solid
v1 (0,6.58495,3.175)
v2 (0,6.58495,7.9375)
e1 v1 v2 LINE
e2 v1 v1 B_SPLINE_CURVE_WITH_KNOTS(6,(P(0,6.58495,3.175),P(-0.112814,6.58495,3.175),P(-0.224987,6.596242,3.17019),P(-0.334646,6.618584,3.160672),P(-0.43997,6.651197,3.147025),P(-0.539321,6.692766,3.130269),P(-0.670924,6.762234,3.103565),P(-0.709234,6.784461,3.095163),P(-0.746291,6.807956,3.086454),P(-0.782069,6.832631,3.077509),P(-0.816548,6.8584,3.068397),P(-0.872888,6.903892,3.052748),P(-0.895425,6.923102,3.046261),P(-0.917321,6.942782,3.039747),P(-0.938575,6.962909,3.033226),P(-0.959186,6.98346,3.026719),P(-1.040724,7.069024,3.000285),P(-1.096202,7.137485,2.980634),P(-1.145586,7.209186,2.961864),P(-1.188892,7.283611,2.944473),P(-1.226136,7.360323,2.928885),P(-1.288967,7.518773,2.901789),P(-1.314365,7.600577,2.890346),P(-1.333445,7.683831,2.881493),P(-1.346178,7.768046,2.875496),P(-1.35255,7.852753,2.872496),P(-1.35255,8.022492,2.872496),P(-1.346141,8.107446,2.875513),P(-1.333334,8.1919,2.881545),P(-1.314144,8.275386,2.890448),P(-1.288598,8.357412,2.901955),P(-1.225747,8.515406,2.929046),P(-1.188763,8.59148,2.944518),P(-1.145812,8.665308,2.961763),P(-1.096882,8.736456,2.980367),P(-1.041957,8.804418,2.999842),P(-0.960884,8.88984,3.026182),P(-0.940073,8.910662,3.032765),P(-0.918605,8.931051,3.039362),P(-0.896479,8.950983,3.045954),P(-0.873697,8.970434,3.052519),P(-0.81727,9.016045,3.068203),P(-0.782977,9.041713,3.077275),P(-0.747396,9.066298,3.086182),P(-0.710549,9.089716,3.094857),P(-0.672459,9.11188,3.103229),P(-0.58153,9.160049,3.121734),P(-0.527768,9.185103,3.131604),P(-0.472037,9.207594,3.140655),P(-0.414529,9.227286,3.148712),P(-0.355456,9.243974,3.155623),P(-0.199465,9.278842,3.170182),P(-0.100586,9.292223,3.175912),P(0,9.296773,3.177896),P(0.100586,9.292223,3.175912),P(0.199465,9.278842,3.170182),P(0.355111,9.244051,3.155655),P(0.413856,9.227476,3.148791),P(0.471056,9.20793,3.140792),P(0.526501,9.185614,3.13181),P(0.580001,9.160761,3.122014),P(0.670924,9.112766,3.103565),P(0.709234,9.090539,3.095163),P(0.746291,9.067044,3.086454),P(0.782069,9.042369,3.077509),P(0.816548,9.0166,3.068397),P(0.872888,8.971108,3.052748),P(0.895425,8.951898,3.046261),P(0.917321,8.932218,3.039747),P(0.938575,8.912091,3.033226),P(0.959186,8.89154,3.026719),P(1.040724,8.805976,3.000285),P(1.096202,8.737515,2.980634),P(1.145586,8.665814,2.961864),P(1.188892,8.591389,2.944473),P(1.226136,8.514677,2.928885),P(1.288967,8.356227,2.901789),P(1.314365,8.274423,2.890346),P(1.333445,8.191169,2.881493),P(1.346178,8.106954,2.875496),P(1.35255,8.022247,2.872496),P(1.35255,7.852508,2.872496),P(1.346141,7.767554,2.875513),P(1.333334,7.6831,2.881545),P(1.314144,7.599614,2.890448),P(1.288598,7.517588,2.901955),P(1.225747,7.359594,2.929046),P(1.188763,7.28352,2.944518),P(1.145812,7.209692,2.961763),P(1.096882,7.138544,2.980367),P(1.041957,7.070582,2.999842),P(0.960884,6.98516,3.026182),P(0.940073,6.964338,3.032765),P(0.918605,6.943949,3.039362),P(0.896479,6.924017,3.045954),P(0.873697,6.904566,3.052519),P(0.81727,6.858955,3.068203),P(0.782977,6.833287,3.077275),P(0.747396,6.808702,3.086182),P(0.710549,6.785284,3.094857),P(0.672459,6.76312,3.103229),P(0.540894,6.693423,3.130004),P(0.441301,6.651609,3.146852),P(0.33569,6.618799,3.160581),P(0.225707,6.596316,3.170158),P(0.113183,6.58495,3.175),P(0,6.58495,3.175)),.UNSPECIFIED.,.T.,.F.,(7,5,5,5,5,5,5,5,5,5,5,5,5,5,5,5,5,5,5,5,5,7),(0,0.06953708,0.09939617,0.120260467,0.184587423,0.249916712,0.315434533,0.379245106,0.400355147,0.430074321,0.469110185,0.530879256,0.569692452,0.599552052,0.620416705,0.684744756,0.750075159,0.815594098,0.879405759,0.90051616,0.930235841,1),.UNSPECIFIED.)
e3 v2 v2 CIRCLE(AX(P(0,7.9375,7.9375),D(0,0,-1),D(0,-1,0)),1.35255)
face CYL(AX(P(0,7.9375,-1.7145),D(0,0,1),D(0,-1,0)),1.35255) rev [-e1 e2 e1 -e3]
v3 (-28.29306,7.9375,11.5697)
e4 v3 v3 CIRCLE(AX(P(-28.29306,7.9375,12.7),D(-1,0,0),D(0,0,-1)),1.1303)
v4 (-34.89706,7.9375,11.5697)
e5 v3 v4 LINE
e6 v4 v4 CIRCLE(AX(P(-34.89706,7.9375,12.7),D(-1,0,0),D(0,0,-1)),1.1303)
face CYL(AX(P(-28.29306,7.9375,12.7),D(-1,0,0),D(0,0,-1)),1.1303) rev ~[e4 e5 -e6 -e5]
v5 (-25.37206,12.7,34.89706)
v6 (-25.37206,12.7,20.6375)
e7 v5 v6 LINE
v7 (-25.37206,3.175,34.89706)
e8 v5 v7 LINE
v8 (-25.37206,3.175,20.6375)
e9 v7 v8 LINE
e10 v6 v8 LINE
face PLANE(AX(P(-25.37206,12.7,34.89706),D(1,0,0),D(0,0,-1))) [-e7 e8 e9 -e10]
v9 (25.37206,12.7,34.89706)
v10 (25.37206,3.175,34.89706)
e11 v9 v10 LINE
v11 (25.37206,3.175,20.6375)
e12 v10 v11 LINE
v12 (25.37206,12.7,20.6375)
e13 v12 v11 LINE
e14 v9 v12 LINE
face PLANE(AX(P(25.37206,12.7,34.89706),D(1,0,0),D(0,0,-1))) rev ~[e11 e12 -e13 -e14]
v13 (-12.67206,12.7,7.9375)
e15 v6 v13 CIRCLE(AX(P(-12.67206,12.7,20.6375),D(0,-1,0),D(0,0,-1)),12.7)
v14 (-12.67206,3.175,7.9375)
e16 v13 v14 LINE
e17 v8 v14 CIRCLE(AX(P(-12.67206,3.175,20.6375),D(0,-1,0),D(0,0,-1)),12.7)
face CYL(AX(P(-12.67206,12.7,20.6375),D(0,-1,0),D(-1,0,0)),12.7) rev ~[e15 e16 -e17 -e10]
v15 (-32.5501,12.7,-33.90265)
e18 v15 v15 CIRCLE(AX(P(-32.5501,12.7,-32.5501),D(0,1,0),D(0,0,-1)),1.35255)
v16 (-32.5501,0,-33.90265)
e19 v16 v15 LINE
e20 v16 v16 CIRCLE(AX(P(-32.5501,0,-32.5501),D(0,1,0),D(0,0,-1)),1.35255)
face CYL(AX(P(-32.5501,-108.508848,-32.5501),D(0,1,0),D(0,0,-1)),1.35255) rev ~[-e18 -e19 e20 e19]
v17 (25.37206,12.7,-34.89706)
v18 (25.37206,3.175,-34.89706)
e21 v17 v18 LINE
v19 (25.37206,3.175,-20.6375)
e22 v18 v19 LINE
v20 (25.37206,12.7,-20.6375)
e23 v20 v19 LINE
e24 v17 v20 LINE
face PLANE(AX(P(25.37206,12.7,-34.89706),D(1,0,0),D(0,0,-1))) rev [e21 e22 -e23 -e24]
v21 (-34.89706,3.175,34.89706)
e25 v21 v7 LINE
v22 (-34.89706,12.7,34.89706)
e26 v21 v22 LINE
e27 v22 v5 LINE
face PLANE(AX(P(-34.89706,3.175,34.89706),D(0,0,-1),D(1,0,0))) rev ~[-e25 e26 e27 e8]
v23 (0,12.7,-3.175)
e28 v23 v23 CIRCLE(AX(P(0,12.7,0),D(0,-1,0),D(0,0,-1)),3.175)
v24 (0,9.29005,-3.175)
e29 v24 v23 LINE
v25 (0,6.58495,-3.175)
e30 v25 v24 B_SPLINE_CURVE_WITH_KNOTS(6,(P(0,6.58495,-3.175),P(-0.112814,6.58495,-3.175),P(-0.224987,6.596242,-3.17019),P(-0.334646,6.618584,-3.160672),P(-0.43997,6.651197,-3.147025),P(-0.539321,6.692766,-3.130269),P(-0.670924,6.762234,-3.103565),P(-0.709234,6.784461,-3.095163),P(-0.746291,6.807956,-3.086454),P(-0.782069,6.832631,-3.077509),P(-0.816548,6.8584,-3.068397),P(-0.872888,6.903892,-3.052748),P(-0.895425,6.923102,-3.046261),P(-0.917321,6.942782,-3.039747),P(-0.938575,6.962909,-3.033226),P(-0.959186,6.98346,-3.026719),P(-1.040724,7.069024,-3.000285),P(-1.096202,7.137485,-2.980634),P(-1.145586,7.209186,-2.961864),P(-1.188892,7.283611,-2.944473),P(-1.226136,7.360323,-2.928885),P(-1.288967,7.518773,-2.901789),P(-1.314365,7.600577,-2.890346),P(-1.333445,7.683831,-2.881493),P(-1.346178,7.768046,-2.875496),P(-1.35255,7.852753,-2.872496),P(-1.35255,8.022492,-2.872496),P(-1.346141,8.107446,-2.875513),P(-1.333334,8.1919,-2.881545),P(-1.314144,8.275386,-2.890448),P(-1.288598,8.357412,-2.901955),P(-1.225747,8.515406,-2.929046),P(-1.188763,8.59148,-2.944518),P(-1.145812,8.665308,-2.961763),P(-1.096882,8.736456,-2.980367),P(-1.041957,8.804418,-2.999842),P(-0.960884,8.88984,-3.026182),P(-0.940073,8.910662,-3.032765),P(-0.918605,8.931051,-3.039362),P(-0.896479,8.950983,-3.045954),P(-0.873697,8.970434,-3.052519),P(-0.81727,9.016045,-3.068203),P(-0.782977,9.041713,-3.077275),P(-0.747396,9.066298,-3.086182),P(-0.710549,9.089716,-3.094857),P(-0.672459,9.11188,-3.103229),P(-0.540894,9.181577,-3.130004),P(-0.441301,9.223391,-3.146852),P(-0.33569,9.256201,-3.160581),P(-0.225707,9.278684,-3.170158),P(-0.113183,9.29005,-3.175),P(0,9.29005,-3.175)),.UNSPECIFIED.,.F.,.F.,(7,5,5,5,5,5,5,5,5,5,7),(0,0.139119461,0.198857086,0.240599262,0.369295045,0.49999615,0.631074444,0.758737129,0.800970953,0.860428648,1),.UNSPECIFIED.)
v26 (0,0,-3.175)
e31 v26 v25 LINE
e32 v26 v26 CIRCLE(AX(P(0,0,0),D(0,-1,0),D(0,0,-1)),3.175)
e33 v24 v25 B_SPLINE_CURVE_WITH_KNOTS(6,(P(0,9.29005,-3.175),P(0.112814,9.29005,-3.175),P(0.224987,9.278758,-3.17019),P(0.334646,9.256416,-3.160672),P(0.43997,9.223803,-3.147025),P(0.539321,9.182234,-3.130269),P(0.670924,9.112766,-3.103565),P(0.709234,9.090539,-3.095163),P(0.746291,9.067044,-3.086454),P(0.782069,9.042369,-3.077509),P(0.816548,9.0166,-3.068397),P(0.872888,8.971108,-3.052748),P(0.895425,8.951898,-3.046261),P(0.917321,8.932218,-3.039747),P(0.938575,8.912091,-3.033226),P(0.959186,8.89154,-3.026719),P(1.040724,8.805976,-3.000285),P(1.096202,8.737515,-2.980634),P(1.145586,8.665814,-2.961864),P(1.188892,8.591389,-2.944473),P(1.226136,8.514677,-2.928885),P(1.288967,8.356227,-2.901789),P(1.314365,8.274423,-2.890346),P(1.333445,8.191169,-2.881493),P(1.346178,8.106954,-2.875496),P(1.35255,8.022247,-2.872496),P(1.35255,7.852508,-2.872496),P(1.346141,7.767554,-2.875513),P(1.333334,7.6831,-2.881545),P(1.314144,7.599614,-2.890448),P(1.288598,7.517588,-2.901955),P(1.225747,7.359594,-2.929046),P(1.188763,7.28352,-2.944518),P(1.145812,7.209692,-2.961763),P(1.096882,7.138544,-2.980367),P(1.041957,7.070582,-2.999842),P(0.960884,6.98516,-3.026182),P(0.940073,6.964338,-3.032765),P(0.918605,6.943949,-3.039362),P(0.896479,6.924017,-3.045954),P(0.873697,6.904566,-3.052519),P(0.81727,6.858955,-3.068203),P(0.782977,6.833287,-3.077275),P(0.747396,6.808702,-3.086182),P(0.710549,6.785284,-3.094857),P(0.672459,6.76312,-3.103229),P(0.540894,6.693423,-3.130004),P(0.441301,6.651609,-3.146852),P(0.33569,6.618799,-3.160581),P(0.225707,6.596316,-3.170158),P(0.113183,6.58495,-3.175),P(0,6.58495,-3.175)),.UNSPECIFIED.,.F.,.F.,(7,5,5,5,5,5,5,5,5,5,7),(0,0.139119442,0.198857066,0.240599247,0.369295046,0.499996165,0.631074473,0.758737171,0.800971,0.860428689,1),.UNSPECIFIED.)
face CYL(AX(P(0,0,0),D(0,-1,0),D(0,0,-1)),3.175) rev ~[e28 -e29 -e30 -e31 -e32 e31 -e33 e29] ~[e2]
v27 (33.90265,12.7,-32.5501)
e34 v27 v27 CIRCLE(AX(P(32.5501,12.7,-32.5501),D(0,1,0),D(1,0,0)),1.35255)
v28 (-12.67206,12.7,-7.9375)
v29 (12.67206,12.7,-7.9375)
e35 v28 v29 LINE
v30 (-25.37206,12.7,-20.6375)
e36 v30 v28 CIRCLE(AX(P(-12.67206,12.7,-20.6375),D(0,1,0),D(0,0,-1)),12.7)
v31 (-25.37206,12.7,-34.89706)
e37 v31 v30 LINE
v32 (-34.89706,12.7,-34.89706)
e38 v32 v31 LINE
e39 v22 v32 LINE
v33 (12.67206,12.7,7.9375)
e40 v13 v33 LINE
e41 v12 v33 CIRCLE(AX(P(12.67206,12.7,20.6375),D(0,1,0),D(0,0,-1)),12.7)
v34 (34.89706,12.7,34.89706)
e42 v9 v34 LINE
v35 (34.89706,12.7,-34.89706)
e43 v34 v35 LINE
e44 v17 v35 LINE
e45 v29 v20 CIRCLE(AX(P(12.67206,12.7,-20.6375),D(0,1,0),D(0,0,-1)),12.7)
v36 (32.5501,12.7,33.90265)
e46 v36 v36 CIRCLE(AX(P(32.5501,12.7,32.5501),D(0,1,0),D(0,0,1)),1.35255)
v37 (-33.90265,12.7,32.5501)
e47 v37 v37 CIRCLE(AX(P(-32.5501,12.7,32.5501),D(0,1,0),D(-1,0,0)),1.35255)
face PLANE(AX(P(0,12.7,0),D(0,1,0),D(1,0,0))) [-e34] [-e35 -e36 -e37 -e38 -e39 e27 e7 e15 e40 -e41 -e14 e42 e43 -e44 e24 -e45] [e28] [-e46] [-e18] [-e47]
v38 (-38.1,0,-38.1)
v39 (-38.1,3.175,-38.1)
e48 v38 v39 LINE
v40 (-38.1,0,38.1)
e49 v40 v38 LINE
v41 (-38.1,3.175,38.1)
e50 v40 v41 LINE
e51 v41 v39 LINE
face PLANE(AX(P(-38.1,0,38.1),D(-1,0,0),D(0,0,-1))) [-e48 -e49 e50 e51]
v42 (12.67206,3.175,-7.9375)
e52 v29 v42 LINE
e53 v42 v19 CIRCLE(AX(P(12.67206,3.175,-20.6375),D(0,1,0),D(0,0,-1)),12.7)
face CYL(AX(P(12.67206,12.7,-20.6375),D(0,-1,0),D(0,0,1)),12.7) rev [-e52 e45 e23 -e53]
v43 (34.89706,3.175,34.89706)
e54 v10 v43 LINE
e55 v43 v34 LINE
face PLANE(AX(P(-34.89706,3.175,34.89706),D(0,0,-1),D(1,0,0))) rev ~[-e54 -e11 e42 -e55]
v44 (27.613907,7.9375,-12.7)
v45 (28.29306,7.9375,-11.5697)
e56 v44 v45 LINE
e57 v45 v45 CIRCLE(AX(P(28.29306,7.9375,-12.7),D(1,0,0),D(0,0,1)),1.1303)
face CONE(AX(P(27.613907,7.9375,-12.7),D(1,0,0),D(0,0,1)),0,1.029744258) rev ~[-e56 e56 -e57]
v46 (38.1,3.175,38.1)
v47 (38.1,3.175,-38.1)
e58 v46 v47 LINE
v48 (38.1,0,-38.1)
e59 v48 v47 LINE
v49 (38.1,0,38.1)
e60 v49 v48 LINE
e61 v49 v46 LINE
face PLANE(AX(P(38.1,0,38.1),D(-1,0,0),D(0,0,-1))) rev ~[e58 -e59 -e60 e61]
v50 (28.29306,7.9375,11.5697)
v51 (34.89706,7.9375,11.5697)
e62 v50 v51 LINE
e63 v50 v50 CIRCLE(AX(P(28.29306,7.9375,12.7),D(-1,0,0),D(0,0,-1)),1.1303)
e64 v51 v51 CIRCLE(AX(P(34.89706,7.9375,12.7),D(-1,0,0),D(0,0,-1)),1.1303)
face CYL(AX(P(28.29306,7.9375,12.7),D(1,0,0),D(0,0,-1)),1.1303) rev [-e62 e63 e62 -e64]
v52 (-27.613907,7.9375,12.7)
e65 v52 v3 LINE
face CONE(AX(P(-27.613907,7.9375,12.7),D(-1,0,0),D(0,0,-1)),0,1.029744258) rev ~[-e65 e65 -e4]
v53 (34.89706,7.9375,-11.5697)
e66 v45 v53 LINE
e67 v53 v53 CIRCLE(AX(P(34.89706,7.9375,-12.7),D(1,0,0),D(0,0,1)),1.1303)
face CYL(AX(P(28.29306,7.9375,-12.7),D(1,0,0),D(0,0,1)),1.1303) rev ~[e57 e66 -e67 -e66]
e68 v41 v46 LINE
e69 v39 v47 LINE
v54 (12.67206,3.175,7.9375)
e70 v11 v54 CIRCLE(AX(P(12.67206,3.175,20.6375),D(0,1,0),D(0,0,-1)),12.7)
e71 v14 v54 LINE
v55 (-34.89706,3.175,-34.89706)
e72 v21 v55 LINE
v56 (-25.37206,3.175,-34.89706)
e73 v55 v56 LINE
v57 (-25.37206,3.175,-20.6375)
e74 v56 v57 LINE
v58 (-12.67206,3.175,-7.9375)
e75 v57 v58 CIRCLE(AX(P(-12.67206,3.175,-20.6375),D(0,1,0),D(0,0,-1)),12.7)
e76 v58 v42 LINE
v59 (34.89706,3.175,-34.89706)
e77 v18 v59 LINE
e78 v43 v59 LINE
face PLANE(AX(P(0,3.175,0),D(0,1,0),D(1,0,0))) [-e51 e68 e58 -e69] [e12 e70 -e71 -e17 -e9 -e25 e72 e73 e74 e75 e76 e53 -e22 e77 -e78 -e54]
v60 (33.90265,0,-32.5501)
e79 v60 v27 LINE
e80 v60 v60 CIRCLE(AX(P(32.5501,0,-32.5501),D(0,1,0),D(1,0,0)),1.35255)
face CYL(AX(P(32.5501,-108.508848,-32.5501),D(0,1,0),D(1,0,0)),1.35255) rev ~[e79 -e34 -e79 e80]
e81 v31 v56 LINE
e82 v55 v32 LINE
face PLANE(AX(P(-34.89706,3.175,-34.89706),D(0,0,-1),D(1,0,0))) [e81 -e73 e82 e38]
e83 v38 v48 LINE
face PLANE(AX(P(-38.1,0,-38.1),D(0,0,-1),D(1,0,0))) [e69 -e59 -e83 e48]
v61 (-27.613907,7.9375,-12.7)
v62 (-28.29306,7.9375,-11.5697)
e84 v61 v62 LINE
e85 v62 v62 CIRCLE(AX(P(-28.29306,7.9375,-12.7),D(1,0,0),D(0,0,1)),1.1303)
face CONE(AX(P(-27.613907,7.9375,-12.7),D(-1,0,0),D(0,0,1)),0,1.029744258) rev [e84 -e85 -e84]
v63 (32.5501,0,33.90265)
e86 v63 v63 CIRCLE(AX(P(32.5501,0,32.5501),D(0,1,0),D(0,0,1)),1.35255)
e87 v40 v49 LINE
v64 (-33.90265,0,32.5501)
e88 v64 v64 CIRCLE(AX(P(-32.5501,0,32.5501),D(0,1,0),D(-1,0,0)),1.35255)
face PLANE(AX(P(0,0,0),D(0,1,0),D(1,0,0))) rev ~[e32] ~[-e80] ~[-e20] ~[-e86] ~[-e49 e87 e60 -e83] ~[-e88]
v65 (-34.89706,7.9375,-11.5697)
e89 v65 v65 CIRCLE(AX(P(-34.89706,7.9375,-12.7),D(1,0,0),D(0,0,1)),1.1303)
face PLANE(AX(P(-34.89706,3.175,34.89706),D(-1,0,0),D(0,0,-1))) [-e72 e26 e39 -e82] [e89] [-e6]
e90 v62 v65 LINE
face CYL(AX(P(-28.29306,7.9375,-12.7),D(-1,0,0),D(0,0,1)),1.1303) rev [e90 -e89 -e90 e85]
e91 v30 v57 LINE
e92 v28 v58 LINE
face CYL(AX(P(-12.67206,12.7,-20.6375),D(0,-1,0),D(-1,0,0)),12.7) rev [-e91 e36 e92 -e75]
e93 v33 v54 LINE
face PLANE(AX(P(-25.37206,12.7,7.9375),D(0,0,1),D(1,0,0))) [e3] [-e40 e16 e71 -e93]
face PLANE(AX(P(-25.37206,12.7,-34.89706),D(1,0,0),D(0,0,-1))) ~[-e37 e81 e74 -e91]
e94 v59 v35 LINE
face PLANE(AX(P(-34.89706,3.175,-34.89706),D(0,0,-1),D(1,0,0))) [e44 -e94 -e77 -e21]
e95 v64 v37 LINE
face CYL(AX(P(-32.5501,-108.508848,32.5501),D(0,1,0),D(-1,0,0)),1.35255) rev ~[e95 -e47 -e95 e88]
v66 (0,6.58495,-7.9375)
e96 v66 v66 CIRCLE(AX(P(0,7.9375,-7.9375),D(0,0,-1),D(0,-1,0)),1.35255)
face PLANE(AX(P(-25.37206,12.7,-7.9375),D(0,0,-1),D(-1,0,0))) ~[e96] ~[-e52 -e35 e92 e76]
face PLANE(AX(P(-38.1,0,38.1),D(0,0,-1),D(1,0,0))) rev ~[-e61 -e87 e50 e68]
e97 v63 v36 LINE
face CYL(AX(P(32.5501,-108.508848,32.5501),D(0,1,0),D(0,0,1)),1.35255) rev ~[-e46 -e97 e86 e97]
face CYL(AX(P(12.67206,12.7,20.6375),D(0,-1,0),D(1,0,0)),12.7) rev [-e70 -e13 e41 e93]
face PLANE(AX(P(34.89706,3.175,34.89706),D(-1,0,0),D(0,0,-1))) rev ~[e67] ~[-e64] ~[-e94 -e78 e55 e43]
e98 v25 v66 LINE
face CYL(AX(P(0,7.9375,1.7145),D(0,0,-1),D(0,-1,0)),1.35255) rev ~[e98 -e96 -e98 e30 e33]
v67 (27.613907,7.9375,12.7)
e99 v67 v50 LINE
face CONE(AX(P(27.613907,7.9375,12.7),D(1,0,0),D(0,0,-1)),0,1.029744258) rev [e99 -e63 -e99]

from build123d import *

# Parameters (mm, degrees)
SKETCH1_W             = 76.2
SKETCH1_H             = 76.2
BOSS_EXTRUDE1_DEPTH   = 3.175
SKETCH2_W             = 69.79412
SKETCH2_H             = 69.79412
BOSS_EXTRUDE2_DEPTH   = 9.525
F_6_32_TAPPED_HOLE1_D = 2.7051
CIRPATTERN1_COUNT     = 4
SKETCH14_R            = 3.175
CUT_EXTRUDE1_DEPTH    = 56.358016583
SKETCH15_W            = 50.74412
SKETCH15_H            = 26.95956
CUT_EXTRUDE2_DEPTH    = 9.525
FILLET1_R             = 12.7
FILLET1_OF_MIRROR3_R  = 12.7


with BuildPart() as part:
    # Sketch1 → Boss-Extrude1 (new body)
    with BuildSketch(Plane(origin=(0, 0, 0), x_dir=(1, 0, 0), z_dir=(0, 1, 0))):
        Rectangle(SKETCH1_W, SKETCH1_H)
    extrude(amount=BOSS_EXTRUDE1_DEPTH)

    # Sketch2 → Boss-Extrude2 (add)
    with BuildSketch(Plane(origin=(0, 3.175, 0), x_dir=(1, 0, 0), z_dir=(0, 1, 0))):
        Rectangle(SKETCH2_W, SKETCH2_H)
    extrude(amount=BOSS_EXTRUDE2_DEPTH)

    # Sketch9 → #4-40 Tapped Hole1 (revolve, cut)
    with BuildSketch(Plane(origin=(34.89706, 7.9375, 12.7), x_dir=(0, 0, -1), z_dir=(0, 1, 0))):
        Polygon((0, 0), (0, 7.283152758), (1.1303, 6.604), (1.1303, 0), align=None)
    f_4_40_tapped_hole1 = revolve(axis=Axis((41.24706, 7.9375, 12.7), (-1, 0, 0)), mode=Mode.SUBTRACT)

    # Mirror1: #4-40 Tapped Hole1 across plane
    add(f_4_40_tapped_hole1.mirror(Plane.XY), mode=Mode.SUBTRACT)

    # Mirror2 copy 1 sketch → Mirror2 copy 1 (revolve, cut)
    with BuildSketch(Plane(origin=(-34.89706, 7.9375, -12.7), x_dir=(0, 0, 1), z_dir=(0, 1, 0))):
        Polygon((0, 0), (0, 7.283152758), (1.1303, 6.604), (1.1303, 0), align=None)
    revolve(axis=Axis((-41.24706, 7.9375, -12.7), (1, 0, 0)), mode=Mode.SUBTRACT)

    # Mirror2 copy 2 sketch → Mirror2 copy 2 (revolve, cut)
    with BuildSketch(Plane(origin=(-34.89706, 7.9375, 12.7), x_dir=(0, 0, -1), z_dir=(0, 1, 0))):
        Polygon((0, 0), (0, -7.283152758), (1.1303, -6.604), (1.1303, 0), align=None)
    revolve(axis=Axis((-41.24706, 7.9375, 12.7), (-1, 0, 0)), mode=Mode.SUBTRACT)

    # #6-32 Tapped Hole1 (through all)
    with Locations(Plane(origin=(0, 0, 0), x_dir=(-1, 0, 0), z_dir=(0, -1, 0))):
        with Locations((-32.5501, 32.5501)):
            f_6_32_tapped_hole1 = Hole(F_6_32_TAPPED_HOLE1_D / 2)

    # CirPattern1: #6-32 Tapped Hole1 ×4 about axis
    cirpattern1_axis = Axis((0, -0.635, 0), (0, 1, 0))
    for i in range(1, CIRPATTERN1_COUNT):
        add(f_6_32_tapped_hole1.rotate(cirpattern1_axis, i * 360 / CIRPATTERN1_COUNT), mode=Mode.SUBTRACT)

    # Sketch14 → Cut-Extrude1 (cut, through all)
    with BuildSketch(Plane.XZ):
        Circle(SKETCH14_R)
    extrude(amount=-CUT_EXTRUDE1_DEPTH, mode=Mode.SUBTRACT)

    # Sketch15 → Cut-Extrude2 (cut)
    with BuildSketch(Plane(origin=(0, 12.7, 0), x_dir=(1, 0, 0), z_dir=(0, 1, 0))):
        with Locations((0, -21.41728)):
            Rectangle(SKETCH15_W, SKETCH15_H)
    cut_extrude2 = extrude(amount=-CUT_EXTRUDE2_DEPTH, mode=Mode.SUBTRACT)

    # Fillet1
    fillet1_edges = [part.edges().sort_by_distance(p)[0] for p in [
        (25.37206, 7.9375, 7.9375),
        (-25.37206, 7.9375, 7.9375),
    ]]
    fillet(fillet1_edges, radius=FILLET1_R)

    # Sketch17 → #6-32 Tapped Hole2 (revolve, cut)
    with BuildSketch(Plane(origin=(0, 7.9375, 7.9375), x_dir=(0, -1, 0), z_dir=(1, 0, 0))):
        Polygon((0, 0), (0, 10.46469403), (1.35255, 9.652), (1.35255, 0), align=None)
    f_6_32_tapped_hole2 = revolve(axis=Axis((0, 7.9375, 14.2875), (0, 0, -1)), mode=Mode.SUBTRACT)

    # Mirror3: Cut-Extrude2, #6-32 Tapped Hole2 across plane
    add(cut_extrude2.mirror(Plane.XY), mode=Mode.SUBTRACT)
    add(f_6_32_tapped_hole2.mirror(Plane.XY), mode=Mode.SUBTRACT)

    # Fillet1 of Mirror3
    fillet1_of_mirror3_edges = [part.edges().sort_by_distance(p)[0] for p in [
        (25.37206, 7.9375, -7.9375),
        (-25.37206, 7.9375, -7.9375),
    ]]
    fillet(fillet1_of_mirror3_edges, radius=FILLET1_OF_MIRROR3_R)


solid = part.part
